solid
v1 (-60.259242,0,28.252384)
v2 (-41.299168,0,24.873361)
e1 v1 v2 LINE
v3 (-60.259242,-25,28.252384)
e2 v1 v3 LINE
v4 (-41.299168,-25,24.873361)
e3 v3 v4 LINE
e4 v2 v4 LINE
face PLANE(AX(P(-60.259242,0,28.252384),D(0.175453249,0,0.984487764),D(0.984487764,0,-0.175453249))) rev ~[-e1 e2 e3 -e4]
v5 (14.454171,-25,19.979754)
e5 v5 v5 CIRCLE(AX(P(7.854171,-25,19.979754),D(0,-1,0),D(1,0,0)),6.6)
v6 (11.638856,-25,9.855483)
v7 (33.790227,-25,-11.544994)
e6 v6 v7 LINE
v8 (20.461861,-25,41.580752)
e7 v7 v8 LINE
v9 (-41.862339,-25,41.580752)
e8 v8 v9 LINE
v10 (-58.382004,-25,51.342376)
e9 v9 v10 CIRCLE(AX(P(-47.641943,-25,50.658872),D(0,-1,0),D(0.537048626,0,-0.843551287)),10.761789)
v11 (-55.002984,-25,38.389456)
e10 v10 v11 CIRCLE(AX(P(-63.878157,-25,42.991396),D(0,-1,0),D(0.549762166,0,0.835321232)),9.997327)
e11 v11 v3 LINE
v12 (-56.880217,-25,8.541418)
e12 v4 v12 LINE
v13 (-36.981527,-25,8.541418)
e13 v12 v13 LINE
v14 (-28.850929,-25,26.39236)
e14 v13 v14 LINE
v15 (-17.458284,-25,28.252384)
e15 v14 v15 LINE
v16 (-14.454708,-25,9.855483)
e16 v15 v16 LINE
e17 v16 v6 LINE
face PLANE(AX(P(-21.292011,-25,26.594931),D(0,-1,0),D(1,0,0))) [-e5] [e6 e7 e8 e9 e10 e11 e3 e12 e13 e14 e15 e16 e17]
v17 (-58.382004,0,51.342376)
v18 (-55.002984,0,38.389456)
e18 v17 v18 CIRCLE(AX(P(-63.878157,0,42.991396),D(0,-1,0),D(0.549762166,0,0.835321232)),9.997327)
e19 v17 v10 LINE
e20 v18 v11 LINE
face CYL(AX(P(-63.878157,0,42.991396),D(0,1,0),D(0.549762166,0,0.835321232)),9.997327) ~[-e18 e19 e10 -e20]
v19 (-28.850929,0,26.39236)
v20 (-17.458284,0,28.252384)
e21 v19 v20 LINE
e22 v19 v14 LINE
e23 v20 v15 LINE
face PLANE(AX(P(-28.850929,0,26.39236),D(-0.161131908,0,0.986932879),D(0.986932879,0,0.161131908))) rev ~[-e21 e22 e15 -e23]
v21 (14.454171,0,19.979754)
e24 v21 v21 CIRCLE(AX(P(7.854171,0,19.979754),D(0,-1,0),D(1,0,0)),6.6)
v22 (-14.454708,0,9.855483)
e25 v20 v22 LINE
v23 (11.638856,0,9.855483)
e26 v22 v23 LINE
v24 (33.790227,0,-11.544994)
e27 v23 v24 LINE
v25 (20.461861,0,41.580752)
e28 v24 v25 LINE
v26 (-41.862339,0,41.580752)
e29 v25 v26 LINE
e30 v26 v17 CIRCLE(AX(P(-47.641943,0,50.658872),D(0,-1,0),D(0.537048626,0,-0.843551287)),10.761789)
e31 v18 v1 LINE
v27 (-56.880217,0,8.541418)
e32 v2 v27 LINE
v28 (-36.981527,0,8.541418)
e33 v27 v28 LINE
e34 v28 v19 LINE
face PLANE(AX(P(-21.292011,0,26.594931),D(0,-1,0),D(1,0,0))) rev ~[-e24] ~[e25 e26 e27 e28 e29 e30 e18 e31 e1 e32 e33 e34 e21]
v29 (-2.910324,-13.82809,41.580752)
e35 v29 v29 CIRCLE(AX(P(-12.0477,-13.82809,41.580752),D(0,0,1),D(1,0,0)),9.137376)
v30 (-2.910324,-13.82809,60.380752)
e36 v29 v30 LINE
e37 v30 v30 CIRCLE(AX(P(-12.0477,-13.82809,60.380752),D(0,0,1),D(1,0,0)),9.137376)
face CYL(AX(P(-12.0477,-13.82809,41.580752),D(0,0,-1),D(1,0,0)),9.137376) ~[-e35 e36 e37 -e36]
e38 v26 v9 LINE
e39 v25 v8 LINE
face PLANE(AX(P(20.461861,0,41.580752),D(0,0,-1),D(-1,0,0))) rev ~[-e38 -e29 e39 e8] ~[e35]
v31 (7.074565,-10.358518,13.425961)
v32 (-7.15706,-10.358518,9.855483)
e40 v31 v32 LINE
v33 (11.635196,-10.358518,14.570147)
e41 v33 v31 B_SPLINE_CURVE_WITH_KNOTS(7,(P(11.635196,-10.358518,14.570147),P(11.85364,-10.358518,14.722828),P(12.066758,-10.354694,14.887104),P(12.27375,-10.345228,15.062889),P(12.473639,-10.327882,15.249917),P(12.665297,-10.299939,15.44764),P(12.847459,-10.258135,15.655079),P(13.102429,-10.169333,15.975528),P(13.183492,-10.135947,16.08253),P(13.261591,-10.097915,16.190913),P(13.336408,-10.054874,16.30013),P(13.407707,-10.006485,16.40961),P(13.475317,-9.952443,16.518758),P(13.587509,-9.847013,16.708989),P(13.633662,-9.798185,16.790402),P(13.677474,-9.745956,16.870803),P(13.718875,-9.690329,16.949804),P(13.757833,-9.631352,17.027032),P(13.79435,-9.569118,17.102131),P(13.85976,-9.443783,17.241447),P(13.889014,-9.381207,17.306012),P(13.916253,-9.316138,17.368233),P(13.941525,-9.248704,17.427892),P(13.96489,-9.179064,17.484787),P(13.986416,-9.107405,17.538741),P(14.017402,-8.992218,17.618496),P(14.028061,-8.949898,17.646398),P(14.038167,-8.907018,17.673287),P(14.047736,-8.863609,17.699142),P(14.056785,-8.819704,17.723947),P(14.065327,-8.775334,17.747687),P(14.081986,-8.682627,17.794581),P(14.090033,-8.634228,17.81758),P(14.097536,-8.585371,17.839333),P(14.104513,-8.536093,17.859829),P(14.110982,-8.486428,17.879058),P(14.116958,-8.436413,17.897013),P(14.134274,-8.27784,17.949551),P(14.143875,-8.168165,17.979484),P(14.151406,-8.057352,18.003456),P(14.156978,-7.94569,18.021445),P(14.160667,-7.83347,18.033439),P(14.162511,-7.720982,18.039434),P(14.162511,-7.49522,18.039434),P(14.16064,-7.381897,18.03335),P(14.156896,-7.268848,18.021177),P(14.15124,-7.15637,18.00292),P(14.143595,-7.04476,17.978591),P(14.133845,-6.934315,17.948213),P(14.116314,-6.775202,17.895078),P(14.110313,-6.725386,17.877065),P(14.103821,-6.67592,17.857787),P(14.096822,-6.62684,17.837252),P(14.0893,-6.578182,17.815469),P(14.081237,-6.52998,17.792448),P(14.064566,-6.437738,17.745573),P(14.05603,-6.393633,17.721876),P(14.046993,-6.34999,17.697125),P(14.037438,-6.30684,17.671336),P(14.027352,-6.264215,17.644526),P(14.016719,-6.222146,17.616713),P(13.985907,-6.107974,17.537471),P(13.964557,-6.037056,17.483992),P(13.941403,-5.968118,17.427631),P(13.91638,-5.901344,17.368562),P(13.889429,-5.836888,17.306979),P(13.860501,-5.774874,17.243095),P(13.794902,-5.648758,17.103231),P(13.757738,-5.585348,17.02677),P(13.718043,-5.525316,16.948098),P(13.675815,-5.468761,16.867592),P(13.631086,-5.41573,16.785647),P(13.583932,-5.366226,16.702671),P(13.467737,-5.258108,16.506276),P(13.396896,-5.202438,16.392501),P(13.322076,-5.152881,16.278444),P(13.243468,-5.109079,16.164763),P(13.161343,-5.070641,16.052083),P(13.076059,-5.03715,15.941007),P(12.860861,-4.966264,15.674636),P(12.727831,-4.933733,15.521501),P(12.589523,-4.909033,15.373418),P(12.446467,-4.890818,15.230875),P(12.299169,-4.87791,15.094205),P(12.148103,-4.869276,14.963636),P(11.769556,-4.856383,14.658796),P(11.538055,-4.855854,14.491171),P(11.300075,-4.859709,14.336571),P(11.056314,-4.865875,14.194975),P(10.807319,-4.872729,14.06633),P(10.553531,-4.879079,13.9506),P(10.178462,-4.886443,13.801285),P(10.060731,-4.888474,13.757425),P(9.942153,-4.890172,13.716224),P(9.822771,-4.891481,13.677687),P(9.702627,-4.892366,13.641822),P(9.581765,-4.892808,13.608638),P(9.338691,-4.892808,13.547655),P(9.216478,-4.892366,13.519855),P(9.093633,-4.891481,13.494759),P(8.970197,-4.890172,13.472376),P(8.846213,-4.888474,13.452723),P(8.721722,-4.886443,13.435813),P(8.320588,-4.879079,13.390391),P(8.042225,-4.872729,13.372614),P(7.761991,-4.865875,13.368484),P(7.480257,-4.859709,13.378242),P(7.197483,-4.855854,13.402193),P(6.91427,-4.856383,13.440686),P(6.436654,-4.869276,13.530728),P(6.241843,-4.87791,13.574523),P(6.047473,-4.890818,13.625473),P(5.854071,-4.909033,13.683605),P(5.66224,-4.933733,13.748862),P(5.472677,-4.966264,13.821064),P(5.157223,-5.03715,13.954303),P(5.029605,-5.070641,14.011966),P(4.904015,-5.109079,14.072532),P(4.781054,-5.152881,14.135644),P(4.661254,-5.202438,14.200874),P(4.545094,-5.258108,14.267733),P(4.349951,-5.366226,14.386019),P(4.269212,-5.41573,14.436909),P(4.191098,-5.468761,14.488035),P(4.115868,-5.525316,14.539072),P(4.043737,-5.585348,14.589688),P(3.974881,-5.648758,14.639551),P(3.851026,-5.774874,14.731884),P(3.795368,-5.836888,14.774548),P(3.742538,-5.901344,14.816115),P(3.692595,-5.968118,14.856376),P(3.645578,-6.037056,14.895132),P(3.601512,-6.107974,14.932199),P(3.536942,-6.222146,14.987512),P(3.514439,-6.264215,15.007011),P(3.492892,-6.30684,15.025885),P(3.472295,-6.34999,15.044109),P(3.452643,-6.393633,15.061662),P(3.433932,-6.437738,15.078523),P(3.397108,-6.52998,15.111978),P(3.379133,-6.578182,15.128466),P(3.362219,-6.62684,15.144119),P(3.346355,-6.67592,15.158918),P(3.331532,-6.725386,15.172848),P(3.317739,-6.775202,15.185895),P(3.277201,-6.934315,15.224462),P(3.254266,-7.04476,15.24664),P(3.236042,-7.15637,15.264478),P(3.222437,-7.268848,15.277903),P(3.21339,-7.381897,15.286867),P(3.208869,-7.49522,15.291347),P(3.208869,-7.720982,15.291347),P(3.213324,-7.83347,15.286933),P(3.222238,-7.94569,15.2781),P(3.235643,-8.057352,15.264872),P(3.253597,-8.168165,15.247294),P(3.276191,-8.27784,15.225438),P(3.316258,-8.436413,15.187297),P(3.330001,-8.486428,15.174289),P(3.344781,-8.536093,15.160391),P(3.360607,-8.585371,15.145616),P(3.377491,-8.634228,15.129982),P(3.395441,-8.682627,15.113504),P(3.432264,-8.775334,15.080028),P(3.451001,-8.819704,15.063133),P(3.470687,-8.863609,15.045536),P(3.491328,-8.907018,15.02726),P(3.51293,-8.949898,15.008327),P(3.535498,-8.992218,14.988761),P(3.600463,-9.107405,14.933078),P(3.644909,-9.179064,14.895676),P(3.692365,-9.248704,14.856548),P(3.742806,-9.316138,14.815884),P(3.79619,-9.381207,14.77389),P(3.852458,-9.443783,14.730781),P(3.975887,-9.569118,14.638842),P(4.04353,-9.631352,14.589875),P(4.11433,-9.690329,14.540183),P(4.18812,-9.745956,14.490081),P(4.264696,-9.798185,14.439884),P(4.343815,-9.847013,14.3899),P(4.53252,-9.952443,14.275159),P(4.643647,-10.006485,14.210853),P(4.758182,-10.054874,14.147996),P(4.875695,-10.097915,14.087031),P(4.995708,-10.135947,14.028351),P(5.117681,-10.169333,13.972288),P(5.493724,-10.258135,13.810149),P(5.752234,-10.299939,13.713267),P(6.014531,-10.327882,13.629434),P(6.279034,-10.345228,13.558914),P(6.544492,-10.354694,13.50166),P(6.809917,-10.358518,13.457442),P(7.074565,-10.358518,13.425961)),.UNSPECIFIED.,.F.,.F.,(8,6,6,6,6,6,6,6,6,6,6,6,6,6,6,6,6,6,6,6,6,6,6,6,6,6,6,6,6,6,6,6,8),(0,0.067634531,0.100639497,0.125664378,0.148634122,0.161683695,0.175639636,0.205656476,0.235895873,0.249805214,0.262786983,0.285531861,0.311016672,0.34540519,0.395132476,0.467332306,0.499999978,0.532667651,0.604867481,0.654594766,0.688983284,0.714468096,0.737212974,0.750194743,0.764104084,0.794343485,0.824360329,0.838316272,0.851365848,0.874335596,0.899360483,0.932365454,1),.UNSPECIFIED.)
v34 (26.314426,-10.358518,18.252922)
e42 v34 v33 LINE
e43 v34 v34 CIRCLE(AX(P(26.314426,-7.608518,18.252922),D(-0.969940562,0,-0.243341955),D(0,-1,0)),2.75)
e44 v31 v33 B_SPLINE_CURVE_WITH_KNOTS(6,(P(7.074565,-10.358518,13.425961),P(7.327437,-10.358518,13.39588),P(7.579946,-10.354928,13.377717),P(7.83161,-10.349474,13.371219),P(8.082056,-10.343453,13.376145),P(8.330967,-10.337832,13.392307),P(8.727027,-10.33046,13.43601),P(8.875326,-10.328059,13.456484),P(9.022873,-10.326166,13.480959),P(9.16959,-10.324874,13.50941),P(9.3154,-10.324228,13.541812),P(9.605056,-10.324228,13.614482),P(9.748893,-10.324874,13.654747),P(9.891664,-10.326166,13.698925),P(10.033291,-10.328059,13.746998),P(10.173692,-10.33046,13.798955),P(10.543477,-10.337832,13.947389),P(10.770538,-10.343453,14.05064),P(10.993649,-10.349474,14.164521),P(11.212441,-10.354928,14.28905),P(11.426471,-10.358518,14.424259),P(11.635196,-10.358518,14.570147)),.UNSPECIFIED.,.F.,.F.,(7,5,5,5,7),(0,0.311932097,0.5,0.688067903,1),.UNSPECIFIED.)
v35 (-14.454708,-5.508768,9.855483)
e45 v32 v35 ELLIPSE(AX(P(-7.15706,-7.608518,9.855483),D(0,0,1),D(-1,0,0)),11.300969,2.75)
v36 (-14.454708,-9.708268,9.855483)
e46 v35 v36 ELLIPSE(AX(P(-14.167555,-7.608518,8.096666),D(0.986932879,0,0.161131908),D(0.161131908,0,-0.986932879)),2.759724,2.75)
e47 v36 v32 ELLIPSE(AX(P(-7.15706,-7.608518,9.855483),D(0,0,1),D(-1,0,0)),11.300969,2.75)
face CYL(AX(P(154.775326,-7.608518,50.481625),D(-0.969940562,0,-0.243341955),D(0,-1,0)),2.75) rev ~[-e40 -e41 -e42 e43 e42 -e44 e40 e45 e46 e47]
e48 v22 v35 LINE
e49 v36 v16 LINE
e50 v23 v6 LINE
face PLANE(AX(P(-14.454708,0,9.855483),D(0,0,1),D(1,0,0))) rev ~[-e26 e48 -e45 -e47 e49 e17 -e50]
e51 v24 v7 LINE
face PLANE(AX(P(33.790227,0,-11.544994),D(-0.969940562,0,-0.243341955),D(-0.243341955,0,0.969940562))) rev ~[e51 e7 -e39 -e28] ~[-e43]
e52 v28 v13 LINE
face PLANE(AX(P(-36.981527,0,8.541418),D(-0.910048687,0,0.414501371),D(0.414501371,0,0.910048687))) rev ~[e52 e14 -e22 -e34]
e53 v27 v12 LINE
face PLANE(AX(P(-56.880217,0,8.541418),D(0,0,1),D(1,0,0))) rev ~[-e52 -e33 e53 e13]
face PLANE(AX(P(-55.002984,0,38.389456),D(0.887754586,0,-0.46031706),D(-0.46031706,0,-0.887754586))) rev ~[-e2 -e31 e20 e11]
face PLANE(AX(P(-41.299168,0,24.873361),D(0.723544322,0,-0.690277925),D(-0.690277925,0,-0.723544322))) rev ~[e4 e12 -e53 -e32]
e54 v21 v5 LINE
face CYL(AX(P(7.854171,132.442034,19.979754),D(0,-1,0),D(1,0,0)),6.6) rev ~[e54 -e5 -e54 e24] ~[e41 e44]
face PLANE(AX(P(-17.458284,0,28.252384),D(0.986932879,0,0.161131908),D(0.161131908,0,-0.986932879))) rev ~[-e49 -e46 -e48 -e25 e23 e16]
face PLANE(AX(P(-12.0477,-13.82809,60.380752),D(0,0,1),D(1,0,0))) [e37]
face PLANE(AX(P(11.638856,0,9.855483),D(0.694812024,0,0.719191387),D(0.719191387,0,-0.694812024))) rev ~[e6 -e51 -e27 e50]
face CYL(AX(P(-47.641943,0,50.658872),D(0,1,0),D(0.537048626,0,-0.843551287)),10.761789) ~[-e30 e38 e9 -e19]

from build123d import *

# Parameters (mm, degrees)
F1_DEPTH = 25
F2_R     = 9.1373758173
F3_DEPTH = 18.8
F6_D     = 5.5
F9_D     = 13.2


with BuildPart() as f1:
    # F0 (on Front) → F1 (new body)
    with BuildSketch(Plane.XZ):
        with BuildLine():
            Line((20.4618610442, 41.5807515383), (-41.8623387814, 41.5807515383))
            ThreePointArc((-41.8623387814, 41.5807515383), (-42.1671038517, 59.9239812985), (-58.3820044994, 51.3423755765))
            ThreePointArc((-58.3820044994, 51.3423755765), (-73.5517436915, 40.4678527546), (-55.0029836595, 38.3894555271))
            Line((-55.0029836595, 38.3894555271), (-60.2592416108, 28.2523836941))
            Line((-60.2592416108, 28.2523836941), (-41.2991680205, 24.8733609915))
            Line((-41.2991680205, 24.8733609915), (-56.8802170455, 8.5414182395))
            Line((-56.8802170455, 8.5414182395), (-36.9815267622, 8.5414182395))
            Line((-36.9815267622, 8.5414182395), (-28.8509290056, 26.3923599584))
            Line((-28.8509290056, 26.3923599584), (-17.4582842737, 28.2523836941))
            Line((-17.4582842737, 28.2523836941), (-14.4547084346, 9.8554827273))
            Line((-14.4547084346, 9.8554827273), (11.6388564929, 9.8554827273))
            Line((11.6388564929, 9.8554827273), (33.7902270257, -11.5449940786))
            Line((33.7902270257, -11.5449940786), (20.4618610442, 41.5807515383))
        make_face()
    extrude(amount=F1_DEPTH)

    # F2 (on face) → F3 (join)
    with BuildSketch(Plane.XY.offset(41.5807515383)):
        with Locations((-12.0476996526, -13.8280903921)):
            Circle(F2_R)
    extrude(amount=F3_DEPTH)

    # F6 (through all)
    with Locations(Plane(origin=(29.0643953622, 0, 7.2917733939), x_dir=(0, 1, 0), z_dir=(0.9699405616, 0, 0.2433419547))):
        with Locations((-7.6085178865, 11.3008453181)):
            Hole(F6_D / 2)

    # F9 (through all)
    with Locations(Plane(origin=(0, 0, 0), x_dir=(-1, 0, 0), z_dir=(0, 1, 0))):
        with Locations((-7.8541710973, 19.9797544628)):
            Hole(F9_D / 2)


solid = f1.part
